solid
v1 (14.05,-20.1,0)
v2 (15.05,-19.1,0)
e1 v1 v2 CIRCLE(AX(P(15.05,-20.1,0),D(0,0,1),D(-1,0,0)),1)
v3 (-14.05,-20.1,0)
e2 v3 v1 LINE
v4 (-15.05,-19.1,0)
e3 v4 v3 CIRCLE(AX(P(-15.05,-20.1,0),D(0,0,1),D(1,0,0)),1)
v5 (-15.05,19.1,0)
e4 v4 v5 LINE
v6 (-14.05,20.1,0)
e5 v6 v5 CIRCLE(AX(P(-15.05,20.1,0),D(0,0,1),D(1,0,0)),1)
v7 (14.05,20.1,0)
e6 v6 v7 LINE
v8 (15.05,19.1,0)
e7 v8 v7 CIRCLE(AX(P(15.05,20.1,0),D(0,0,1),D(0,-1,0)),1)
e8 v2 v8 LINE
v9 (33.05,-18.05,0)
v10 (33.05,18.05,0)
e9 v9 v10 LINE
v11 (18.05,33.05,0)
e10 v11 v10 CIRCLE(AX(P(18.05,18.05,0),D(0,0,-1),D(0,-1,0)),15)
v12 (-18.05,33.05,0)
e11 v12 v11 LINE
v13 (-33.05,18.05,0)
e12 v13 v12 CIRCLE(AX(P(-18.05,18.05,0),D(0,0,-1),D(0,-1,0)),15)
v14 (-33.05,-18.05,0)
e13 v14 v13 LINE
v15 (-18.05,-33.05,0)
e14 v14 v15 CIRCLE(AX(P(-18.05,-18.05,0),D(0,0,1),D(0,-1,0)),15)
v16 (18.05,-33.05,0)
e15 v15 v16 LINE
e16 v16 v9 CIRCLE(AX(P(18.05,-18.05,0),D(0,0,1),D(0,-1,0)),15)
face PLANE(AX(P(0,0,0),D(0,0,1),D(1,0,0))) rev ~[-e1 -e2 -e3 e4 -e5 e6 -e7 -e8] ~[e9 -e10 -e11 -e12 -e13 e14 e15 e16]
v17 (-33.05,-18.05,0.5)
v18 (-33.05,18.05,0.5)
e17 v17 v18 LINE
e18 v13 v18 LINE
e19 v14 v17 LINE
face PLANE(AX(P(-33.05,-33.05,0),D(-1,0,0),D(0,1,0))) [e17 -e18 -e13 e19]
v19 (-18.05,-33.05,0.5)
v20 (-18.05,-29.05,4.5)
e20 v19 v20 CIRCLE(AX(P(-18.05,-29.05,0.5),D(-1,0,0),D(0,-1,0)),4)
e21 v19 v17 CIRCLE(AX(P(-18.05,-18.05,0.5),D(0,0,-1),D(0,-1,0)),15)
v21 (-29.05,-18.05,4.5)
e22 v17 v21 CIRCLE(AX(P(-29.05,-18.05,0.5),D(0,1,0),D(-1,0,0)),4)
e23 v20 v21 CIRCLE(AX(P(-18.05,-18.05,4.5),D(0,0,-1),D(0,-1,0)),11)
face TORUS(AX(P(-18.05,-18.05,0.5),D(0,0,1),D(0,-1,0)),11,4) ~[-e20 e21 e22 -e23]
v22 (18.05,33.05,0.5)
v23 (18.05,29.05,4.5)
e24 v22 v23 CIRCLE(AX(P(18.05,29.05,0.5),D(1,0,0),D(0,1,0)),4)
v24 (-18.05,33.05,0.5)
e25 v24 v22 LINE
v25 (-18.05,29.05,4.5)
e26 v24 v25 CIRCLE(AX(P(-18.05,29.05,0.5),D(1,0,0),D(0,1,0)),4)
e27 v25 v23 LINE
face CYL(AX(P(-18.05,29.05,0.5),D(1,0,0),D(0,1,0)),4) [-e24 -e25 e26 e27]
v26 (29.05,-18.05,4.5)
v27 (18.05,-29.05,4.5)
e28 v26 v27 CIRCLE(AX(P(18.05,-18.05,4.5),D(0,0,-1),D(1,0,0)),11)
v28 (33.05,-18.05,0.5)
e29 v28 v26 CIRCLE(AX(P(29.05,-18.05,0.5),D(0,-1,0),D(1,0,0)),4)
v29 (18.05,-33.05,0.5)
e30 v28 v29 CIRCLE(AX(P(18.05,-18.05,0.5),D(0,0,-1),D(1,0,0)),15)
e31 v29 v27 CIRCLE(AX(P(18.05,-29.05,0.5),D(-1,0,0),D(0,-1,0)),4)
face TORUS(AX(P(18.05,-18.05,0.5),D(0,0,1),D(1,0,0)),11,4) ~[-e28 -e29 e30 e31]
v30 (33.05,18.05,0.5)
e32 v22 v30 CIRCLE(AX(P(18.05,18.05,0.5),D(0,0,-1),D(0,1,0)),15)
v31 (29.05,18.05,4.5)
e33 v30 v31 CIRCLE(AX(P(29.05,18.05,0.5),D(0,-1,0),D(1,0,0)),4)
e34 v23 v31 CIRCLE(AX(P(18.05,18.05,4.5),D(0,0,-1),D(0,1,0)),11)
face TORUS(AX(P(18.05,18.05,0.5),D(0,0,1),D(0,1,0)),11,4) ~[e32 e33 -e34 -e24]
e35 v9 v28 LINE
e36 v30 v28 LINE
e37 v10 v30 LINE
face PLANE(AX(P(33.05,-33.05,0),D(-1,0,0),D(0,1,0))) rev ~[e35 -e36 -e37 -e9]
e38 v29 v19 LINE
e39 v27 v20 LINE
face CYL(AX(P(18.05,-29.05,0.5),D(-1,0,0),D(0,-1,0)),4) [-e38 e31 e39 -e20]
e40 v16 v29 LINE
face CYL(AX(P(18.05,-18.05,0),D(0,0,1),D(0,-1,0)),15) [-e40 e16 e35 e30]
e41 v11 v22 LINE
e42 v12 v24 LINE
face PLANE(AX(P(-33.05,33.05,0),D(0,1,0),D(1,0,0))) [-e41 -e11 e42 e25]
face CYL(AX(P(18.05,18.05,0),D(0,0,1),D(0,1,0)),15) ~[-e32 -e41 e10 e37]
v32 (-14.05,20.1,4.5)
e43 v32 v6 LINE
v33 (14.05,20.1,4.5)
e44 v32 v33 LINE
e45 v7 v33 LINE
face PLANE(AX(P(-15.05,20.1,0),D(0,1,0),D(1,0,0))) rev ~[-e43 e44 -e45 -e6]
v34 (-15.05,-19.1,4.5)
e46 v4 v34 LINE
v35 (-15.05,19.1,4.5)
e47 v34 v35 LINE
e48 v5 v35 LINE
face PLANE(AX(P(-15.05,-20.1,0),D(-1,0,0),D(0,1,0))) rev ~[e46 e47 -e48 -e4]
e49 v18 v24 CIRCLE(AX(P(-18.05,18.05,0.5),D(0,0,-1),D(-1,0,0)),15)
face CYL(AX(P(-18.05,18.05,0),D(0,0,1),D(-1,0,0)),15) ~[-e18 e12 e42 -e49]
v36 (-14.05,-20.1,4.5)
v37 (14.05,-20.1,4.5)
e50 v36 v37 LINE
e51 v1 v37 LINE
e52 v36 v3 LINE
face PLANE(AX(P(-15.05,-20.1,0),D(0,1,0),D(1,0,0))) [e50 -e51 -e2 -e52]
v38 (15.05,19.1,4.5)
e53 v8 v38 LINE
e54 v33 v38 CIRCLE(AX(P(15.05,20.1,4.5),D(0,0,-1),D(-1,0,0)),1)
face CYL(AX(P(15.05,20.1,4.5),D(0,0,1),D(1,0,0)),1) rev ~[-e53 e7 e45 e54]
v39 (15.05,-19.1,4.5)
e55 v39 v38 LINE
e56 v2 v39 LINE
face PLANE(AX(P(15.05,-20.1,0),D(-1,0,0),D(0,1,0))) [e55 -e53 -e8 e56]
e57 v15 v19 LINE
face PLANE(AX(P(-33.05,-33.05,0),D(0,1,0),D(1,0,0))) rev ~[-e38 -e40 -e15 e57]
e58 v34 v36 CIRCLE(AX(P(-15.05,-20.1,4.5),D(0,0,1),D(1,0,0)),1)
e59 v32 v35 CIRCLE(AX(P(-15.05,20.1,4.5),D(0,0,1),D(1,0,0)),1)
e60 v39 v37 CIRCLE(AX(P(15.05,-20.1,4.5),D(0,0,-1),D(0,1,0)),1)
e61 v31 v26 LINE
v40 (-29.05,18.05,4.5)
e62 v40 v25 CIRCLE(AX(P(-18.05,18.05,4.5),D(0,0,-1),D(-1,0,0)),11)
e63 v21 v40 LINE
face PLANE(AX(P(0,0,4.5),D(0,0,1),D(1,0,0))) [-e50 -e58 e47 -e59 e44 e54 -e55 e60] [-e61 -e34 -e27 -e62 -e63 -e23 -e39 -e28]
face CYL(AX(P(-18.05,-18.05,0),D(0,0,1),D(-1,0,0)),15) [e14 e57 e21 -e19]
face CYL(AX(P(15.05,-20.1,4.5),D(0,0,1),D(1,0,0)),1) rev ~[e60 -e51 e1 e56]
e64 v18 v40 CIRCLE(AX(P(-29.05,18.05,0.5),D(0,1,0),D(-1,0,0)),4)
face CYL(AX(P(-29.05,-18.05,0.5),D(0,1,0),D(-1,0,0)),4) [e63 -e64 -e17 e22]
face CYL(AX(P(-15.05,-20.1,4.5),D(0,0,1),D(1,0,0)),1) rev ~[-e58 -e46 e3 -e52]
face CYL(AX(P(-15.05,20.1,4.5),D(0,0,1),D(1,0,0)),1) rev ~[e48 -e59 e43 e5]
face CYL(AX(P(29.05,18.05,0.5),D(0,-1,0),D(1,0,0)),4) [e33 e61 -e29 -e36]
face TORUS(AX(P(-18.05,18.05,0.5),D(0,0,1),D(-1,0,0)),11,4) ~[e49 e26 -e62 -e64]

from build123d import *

# Parameters (mm, degrees)
F0_W     = 66.1
F0_H     = 66.1
F0_W_2   = 30.1
F0_H_2   = 40.2
F1_DEPTH = 4.5
F2_R     = 15
F3_R     = 4
F4_R     = 1
F5_DEPTH = 25


with BuildPart() as f1:
    # F0 (on Top) → F1 (new body)
    with BuildSketch(Plane.XY):
        Rectangle(F0_W, F0_H)
        Rectangle(F0_W_2, F0_H_2, mode=Mode.SUBTRACT)
    extrude(amount=F1_DEPTH)

    # F2
    f2_edges = [f1.edges().sort_by_distance(p)[0] for p in [
        (-33.05, -33.05, 2.25),
        (33.05, -33.05, 2.25),
        (-33.05, 33.05, 2.25),
        (33.05, 33.05, 2.25),
    ]]
    fillet(f2_edges, radius=F2_R)

    # F3
    f3_edges = [f1.edges().sort_by_distance(p)[0] for p in [
        (-28.656602, 28.656602, 4.5),
    ]]
    fillet(f3_edges, radius=F3_R)

    # F4 (on face) → F5 (cut)
    with BuildSketch(Plane.XY.offset(4.5)):
        with Locations((15.05, 20.1)):
            Circle(F4_R)
        with Locations((15.05, -20.1)):
            Circle(F4_R)
        with Locations((-15.05, -20.1)):
            Circle(F4_R)
        with Locations((-15.05, 20.1)):
            Circle(F4_R)
    extrude(amount=-F5_DEPTH, mode=Mode.SUBTRACT)


solid = f1.part
